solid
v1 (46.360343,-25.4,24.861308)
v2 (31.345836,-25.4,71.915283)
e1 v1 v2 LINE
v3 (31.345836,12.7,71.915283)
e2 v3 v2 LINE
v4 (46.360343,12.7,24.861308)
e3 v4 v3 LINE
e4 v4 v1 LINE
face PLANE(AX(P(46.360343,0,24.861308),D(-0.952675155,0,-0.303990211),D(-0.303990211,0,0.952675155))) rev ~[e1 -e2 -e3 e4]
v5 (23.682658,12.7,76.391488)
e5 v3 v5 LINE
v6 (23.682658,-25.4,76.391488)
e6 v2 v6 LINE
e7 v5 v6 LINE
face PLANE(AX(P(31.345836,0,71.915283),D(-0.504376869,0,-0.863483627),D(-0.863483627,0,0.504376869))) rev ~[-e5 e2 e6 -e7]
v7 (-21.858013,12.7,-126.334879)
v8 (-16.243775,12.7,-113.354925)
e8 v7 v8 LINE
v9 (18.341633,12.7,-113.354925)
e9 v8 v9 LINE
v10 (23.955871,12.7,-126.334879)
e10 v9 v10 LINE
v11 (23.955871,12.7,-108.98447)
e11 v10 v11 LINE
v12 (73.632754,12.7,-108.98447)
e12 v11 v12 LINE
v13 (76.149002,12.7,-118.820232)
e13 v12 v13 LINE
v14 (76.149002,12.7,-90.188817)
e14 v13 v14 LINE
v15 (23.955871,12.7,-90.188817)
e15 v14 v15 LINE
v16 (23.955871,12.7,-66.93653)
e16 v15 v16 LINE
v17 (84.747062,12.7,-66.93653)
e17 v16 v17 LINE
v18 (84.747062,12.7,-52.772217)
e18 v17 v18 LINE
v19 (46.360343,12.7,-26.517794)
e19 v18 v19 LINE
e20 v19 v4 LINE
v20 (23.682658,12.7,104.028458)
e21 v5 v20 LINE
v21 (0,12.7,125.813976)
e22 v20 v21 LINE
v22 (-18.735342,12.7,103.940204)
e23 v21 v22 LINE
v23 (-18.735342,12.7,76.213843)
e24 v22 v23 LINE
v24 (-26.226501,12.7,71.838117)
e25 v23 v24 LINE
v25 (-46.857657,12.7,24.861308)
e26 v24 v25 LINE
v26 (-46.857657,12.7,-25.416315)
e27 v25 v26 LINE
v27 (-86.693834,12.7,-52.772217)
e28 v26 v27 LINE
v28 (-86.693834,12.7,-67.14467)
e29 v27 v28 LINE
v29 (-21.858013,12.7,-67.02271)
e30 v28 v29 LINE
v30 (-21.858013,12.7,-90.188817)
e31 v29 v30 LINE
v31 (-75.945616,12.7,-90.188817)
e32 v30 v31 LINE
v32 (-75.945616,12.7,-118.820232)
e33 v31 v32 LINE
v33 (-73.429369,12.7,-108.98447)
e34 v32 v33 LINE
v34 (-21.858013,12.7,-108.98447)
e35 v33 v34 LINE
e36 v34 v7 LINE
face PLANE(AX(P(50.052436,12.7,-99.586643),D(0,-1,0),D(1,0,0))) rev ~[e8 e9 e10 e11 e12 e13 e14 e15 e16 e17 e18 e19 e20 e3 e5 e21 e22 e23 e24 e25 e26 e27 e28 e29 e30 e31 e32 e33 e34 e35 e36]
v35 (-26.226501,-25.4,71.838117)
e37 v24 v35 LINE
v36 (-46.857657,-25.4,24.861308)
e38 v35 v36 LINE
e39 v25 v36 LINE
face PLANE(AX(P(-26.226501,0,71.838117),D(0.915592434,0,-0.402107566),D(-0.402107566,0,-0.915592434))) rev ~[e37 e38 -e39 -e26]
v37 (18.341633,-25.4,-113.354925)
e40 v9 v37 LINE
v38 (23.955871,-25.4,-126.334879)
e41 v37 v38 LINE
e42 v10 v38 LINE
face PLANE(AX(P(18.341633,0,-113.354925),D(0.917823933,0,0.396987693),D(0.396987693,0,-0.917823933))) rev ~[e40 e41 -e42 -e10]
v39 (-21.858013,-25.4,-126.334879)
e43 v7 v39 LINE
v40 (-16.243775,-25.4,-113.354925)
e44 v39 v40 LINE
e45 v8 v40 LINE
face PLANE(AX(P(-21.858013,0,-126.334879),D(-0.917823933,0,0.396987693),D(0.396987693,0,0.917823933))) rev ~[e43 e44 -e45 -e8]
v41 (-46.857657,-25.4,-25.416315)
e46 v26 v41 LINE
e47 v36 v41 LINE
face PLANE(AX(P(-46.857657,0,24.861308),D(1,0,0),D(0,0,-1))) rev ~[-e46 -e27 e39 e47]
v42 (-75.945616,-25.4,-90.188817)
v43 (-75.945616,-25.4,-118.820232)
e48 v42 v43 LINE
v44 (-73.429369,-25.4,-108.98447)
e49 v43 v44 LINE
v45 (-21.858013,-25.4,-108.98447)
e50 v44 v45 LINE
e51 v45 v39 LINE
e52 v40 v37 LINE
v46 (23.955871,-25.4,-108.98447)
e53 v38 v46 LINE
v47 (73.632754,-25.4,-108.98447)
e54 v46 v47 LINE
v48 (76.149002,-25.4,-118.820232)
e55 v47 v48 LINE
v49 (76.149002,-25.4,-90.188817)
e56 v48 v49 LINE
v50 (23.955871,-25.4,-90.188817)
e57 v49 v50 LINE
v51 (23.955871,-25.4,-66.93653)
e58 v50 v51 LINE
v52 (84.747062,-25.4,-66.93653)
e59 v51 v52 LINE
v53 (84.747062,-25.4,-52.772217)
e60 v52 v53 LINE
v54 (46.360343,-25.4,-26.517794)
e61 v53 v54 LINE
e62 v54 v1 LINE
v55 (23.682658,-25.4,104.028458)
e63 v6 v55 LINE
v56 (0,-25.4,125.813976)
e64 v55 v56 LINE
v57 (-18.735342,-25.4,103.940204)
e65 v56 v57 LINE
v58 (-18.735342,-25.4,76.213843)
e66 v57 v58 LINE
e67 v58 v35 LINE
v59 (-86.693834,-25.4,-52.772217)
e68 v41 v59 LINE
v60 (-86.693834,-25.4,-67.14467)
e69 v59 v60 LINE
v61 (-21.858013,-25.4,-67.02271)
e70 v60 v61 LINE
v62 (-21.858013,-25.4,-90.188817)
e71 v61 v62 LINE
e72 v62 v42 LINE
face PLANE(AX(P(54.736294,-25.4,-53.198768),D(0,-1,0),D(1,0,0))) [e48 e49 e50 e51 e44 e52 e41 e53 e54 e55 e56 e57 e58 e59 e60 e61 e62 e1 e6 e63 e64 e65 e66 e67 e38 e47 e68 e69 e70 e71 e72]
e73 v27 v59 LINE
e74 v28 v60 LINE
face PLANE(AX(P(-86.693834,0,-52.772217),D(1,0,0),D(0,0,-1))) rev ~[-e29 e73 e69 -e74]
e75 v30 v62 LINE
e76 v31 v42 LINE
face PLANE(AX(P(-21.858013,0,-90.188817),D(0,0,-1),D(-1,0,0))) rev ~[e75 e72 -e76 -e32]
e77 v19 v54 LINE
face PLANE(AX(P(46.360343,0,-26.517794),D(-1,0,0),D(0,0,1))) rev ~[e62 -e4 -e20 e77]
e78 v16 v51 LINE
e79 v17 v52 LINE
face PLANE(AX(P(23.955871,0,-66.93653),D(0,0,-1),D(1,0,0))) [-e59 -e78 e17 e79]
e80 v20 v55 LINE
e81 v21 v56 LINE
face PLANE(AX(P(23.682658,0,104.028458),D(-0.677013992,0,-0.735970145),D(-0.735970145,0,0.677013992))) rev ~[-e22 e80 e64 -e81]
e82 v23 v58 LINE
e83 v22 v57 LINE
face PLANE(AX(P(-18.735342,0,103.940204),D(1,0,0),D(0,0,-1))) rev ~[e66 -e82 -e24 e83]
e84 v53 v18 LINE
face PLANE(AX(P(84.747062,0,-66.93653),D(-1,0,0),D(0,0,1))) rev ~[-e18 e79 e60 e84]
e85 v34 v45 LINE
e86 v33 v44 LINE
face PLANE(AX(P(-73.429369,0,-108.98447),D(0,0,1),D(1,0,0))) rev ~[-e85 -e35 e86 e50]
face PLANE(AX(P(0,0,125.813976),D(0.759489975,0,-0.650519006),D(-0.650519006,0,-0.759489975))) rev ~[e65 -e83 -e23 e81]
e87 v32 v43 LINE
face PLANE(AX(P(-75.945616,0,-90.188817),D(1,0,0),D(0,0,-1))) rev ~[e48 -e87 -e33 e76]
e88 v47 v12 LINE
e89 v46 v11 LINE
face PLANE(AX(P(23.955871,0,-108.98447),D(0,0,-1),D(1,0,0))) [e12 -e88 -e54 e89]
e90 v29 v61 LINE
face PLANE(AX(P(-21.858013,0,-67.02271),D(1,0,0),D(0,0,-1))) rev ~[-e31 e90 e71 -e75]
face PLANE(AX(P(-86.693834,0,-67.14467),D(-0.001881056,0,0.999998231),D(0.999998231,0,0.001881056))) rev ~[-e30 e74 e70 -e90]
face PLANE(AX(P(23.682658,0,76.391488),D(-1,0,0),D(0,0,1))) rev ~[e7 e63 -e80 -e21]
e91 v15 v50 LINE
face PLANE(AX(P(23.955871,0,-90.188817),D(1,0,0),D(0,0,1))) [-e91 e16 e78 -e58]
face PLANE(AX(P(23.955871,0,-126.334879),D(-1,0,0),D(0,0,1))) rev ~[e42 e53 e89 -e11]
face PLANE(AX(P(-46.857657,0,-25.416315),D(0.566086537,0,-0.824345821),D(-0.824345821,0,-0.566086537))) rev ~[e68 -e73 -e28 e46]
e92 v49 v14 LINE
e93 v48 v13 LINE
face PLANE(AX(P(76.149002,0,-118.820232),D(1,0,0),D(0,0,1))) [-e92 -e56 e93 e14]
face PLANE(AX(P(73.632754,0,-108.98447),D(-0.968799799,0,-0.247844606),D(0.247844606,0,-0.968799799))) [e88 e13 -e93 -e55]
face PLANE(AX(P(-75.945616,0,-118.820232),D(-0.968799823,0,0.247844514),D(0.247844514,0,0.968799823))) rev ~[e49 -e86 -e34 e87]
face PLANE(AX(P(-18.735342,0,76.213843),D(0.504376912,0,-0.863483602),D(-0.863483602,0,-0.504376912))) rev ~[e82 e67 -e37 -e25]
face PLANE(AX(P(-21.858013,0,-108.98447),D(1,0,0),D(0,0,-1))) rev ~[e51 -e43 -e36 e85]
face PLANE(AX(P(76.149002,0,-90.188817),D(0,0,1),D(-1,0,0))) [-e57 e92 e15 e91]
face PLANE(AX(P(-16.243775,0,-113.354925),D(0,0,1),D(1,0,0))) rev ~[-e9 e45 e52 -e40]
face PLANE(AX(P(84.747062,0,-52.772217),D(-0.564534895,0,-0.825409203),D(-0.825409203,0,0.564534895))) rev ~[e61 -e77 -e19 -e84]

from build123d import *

# Parameters (mm, degrees)
F1_DEPTH = 12.7
F3_DEPTH = 25.4


with BuildPart() as f1:
    # F0 (on Front) → F1 (new body, symmetric)
    with BuildSketch(Plane.XZ):
        Polygon((76.149002, -90.188817), (23.955871, -90.188817), (23.955871, -108.98447), (73.632754, -108.98447), (76.149002, -108.98447), align=None)
        Polygon((-26.226501, 71.838117), (-46.857657, 24.861308), (-18.735342, 24.861308), (-18.735342, 76.213843), align=None)
        Polygon((-21.858013, -108.98447), (-21.858013, -90.188817), (-75.945616, -90.188817), (-75.945616, -108.98447), (-73.429369, -108.98447), align=None)
        Polygon((23.682658, 24.861308), (46.360343, 24.861308), (31.345836, 71.915283), (23.682658, 76.391488), align=None)
        Polygon((23.955871, -108.98447), (23.955871, -90.188817), (-21.858013, -90.188817), (-21.858013, -108.98447), (-21.858013, -113.354925), (-16.243775, -113.354925), (18.341633, -113.354925), (23.955871, -113.354925), align=None)
        Polygon((84.747062, -52.772217), (46.360343, -26.517794), (23.955871, -66.93653), (84.747062, -66.93653), align=None)
        Polygon((23.955871, -90.188817), (23.955871, -66.93653), (-21.858013, -67.02271), (-21.858013, -90.188817), align=None)
        with BuildLine():
            Line((23.955871, -66.93653), (46.360343, -26.517794))
            Line((46.360343, -26.517794), (46.360343, 24.861308))
            Line((46.360343, 24.861308), (23.682658, 24.861308))
            Line((23.682658, 24.861308), (14.006169, 54.149518))
            ThreePointArc((14.006169, 54.149518), (1.720444, 57.216973), (-10.339578, 53.356381))
            Line((-10.339578, 53.356381), (-18.735342, 24.861308))
            Line((-18.735342, 24.861308), (-46.857657, 24.861308))
            Line((-46.857657, 24.861308), (-46.857657, -25.416315))
            Line((-46.857657, -25.416315), (-21.858013, -67.02271))
            Line((-21.858013, -67.02271), (23.955871, -66.93653))
        make_face()
        Polygon((-86.693834, -67.14467), (-21.858013, -67.02271), (-46.857657, -25.416315), (-86.693834, -52.772217), align=None)
        with BuildLine():
            Line((14.006169, 54.149518), (23.682658, 24.861308))
            Line((23.682658, 24.861308), (23.682658, 76.391488))
            Line((23.682658, 76.391488), (23.682658, 104.028458))
            Line((23.682658, 104.028458), (0, 125.813976))
            Line((0, 125.813976), (-18.735342, 103.940204))
            Line((-18.735342, 103.940204), (-18.735342, 76.213843))
            Line((-18.735342, 76.213843), (-18.735342, 24.861308))
            Line((-18.735342, 24.861308), (-10.339578, 53.356381))
            ThreePointArc((-10.339578, 53.356381), (1.720444, 57.216973), (14.006169, 54.149518))
        make_face()
        Polygon((76.149002, -108.98447), (73.632754, -108.98447), (76.149002, -118.820232), align=None)
        Polygon((-75.945616, -118.820232), (-73.429369, -108.98447), (-75.945616, -108.98447), align=None)
        Polygon((23.955871, -126.334879), (23.955871, -113.354925), (18.341633, -113.354925), align=None)
        Polygon((-16.243775, -113.354925), (-21.858013, -113.354925), (-21.858013, -126.334879), align=None)
    extrude(amount=F1_DEPTH, both=True)

    # F0 (on Front) → F3 (join)
    with BuildSketch(Plane.XZ):
        Polygon((84.747062, -52.772217), (46.360343, -26.517794), (23.955871, -66.93653), (84.747062, -66.93653), align=None)
        with BuildLine():
            Line((23.955871, -66.93653), (46.360343, -26.517794))
            Line((46.360343, -26.517794), (46.360343, 24.861308))
            Line((46.360343, 24.861308), (23.682658, 24.861308))
            Line((23.682658, 24.861308), (14.006169, 54.149518))
            ThreePointArc((14.006169, 54.149518), (1.720444, 57.216973), (-10.339578, 53.356381))
            Line((-10.339578, 53.356381), (-18.735342, 24.861308))
            Line((-18.735342, 24.861308), (-46.857657, 24.861308))
            Line((-46.857657, 24.861308), (-46.857657, -25.416315))
            Line((-46.857657, -25.416315), (-21.858013, -67.02271))
            Line((-21.858013, -67.02271), (23.955871, -66.93653))
        make_face()
        Polygon((23.955871, -90.188817), (23.955871, -66.93653), (-21.858013, -67.02271), (-21.858013, -90.188817), align=None)
        Polygon((23.682658, 24.861308), (46.360343, 24.861308), (31.345836, 71.915283), (23.682658, 76.391488), align=None)
        Polygon((-86.693834, -67.14467), (-21.858013, -67.02271), (-46.857657, -25.416315), (-86.693834, -52.772217), align=None)
        Polygon((76.149002, -90.188817), (23.955871, -90.188817), (23.955871, -108.98447), (73.632754, -108.98447), (76.149002, -108.98447), align=None)
        Polygon((23.955871, -108.98447), (23.955871, -90.188817), (-21.858013, -90.188817), (-21.858013, -108.98447), (-21.858013, -113.354925), (-16.243775, -113.354925), (18.341633, -113.354925), (23.955871, -113.354925), align=None)
        with BuildLine():
            Line((14.006169, 54.149518), (23.682658, 24.861308))
            Line((23.682658, 24.861308), (23.682658, 76.391488))
            Line((23.682658, 76.391488), (23.682658, 104.028458))
            Line((23.682658, 104.028458), (0, 125.813976))
            Line((0, 125.813976), (-18.735342, 103.940204))
            Line((-18.735342, 103.940204), (-18.735342, 76.213843))
            Line((-18.735342, 76.213843), (-18.735342, 24.861308))
            Line((-18.735342, 24.861308), (-10.339578, 53.356381))
            ThreePointArc((-10.339578, 53.356381), (1.720444, 57.216973), (14.006169, 54.149518))
        make_face()
        Polygon((-21.858013, -108.98447), (-21.858013, -90.188817), (-75.945616, -90.188817), (-75.945616, -108.98447), (-73.429369, -108.98447), align=None)
        Polygon((-26.226501, 71.838117), (-46.857657, 24.861308), (-18.735342, 24.861308), (-18.735342, 76.213843), align=None)
        Polygon((23.955871, -126.334879), (23.955871, -113.354925), (18.341633, -113.354925), align=None)
        Polygon((76.149002, -108.98447), (73.632754, -108.98447), (76.149002, -118.820232), align=None)
        Polygon((-16.243775, -113.354925), (-21.858013, -113.354925), (-21.858013, -126.334879), align=None)
        Polygon((-75.945616, -118.820232), (-73.429369, -108.98447), (-75.945616, -108.98447), align=None)
    extrude(amount=F3_DEPTH)


solid = f1.part
